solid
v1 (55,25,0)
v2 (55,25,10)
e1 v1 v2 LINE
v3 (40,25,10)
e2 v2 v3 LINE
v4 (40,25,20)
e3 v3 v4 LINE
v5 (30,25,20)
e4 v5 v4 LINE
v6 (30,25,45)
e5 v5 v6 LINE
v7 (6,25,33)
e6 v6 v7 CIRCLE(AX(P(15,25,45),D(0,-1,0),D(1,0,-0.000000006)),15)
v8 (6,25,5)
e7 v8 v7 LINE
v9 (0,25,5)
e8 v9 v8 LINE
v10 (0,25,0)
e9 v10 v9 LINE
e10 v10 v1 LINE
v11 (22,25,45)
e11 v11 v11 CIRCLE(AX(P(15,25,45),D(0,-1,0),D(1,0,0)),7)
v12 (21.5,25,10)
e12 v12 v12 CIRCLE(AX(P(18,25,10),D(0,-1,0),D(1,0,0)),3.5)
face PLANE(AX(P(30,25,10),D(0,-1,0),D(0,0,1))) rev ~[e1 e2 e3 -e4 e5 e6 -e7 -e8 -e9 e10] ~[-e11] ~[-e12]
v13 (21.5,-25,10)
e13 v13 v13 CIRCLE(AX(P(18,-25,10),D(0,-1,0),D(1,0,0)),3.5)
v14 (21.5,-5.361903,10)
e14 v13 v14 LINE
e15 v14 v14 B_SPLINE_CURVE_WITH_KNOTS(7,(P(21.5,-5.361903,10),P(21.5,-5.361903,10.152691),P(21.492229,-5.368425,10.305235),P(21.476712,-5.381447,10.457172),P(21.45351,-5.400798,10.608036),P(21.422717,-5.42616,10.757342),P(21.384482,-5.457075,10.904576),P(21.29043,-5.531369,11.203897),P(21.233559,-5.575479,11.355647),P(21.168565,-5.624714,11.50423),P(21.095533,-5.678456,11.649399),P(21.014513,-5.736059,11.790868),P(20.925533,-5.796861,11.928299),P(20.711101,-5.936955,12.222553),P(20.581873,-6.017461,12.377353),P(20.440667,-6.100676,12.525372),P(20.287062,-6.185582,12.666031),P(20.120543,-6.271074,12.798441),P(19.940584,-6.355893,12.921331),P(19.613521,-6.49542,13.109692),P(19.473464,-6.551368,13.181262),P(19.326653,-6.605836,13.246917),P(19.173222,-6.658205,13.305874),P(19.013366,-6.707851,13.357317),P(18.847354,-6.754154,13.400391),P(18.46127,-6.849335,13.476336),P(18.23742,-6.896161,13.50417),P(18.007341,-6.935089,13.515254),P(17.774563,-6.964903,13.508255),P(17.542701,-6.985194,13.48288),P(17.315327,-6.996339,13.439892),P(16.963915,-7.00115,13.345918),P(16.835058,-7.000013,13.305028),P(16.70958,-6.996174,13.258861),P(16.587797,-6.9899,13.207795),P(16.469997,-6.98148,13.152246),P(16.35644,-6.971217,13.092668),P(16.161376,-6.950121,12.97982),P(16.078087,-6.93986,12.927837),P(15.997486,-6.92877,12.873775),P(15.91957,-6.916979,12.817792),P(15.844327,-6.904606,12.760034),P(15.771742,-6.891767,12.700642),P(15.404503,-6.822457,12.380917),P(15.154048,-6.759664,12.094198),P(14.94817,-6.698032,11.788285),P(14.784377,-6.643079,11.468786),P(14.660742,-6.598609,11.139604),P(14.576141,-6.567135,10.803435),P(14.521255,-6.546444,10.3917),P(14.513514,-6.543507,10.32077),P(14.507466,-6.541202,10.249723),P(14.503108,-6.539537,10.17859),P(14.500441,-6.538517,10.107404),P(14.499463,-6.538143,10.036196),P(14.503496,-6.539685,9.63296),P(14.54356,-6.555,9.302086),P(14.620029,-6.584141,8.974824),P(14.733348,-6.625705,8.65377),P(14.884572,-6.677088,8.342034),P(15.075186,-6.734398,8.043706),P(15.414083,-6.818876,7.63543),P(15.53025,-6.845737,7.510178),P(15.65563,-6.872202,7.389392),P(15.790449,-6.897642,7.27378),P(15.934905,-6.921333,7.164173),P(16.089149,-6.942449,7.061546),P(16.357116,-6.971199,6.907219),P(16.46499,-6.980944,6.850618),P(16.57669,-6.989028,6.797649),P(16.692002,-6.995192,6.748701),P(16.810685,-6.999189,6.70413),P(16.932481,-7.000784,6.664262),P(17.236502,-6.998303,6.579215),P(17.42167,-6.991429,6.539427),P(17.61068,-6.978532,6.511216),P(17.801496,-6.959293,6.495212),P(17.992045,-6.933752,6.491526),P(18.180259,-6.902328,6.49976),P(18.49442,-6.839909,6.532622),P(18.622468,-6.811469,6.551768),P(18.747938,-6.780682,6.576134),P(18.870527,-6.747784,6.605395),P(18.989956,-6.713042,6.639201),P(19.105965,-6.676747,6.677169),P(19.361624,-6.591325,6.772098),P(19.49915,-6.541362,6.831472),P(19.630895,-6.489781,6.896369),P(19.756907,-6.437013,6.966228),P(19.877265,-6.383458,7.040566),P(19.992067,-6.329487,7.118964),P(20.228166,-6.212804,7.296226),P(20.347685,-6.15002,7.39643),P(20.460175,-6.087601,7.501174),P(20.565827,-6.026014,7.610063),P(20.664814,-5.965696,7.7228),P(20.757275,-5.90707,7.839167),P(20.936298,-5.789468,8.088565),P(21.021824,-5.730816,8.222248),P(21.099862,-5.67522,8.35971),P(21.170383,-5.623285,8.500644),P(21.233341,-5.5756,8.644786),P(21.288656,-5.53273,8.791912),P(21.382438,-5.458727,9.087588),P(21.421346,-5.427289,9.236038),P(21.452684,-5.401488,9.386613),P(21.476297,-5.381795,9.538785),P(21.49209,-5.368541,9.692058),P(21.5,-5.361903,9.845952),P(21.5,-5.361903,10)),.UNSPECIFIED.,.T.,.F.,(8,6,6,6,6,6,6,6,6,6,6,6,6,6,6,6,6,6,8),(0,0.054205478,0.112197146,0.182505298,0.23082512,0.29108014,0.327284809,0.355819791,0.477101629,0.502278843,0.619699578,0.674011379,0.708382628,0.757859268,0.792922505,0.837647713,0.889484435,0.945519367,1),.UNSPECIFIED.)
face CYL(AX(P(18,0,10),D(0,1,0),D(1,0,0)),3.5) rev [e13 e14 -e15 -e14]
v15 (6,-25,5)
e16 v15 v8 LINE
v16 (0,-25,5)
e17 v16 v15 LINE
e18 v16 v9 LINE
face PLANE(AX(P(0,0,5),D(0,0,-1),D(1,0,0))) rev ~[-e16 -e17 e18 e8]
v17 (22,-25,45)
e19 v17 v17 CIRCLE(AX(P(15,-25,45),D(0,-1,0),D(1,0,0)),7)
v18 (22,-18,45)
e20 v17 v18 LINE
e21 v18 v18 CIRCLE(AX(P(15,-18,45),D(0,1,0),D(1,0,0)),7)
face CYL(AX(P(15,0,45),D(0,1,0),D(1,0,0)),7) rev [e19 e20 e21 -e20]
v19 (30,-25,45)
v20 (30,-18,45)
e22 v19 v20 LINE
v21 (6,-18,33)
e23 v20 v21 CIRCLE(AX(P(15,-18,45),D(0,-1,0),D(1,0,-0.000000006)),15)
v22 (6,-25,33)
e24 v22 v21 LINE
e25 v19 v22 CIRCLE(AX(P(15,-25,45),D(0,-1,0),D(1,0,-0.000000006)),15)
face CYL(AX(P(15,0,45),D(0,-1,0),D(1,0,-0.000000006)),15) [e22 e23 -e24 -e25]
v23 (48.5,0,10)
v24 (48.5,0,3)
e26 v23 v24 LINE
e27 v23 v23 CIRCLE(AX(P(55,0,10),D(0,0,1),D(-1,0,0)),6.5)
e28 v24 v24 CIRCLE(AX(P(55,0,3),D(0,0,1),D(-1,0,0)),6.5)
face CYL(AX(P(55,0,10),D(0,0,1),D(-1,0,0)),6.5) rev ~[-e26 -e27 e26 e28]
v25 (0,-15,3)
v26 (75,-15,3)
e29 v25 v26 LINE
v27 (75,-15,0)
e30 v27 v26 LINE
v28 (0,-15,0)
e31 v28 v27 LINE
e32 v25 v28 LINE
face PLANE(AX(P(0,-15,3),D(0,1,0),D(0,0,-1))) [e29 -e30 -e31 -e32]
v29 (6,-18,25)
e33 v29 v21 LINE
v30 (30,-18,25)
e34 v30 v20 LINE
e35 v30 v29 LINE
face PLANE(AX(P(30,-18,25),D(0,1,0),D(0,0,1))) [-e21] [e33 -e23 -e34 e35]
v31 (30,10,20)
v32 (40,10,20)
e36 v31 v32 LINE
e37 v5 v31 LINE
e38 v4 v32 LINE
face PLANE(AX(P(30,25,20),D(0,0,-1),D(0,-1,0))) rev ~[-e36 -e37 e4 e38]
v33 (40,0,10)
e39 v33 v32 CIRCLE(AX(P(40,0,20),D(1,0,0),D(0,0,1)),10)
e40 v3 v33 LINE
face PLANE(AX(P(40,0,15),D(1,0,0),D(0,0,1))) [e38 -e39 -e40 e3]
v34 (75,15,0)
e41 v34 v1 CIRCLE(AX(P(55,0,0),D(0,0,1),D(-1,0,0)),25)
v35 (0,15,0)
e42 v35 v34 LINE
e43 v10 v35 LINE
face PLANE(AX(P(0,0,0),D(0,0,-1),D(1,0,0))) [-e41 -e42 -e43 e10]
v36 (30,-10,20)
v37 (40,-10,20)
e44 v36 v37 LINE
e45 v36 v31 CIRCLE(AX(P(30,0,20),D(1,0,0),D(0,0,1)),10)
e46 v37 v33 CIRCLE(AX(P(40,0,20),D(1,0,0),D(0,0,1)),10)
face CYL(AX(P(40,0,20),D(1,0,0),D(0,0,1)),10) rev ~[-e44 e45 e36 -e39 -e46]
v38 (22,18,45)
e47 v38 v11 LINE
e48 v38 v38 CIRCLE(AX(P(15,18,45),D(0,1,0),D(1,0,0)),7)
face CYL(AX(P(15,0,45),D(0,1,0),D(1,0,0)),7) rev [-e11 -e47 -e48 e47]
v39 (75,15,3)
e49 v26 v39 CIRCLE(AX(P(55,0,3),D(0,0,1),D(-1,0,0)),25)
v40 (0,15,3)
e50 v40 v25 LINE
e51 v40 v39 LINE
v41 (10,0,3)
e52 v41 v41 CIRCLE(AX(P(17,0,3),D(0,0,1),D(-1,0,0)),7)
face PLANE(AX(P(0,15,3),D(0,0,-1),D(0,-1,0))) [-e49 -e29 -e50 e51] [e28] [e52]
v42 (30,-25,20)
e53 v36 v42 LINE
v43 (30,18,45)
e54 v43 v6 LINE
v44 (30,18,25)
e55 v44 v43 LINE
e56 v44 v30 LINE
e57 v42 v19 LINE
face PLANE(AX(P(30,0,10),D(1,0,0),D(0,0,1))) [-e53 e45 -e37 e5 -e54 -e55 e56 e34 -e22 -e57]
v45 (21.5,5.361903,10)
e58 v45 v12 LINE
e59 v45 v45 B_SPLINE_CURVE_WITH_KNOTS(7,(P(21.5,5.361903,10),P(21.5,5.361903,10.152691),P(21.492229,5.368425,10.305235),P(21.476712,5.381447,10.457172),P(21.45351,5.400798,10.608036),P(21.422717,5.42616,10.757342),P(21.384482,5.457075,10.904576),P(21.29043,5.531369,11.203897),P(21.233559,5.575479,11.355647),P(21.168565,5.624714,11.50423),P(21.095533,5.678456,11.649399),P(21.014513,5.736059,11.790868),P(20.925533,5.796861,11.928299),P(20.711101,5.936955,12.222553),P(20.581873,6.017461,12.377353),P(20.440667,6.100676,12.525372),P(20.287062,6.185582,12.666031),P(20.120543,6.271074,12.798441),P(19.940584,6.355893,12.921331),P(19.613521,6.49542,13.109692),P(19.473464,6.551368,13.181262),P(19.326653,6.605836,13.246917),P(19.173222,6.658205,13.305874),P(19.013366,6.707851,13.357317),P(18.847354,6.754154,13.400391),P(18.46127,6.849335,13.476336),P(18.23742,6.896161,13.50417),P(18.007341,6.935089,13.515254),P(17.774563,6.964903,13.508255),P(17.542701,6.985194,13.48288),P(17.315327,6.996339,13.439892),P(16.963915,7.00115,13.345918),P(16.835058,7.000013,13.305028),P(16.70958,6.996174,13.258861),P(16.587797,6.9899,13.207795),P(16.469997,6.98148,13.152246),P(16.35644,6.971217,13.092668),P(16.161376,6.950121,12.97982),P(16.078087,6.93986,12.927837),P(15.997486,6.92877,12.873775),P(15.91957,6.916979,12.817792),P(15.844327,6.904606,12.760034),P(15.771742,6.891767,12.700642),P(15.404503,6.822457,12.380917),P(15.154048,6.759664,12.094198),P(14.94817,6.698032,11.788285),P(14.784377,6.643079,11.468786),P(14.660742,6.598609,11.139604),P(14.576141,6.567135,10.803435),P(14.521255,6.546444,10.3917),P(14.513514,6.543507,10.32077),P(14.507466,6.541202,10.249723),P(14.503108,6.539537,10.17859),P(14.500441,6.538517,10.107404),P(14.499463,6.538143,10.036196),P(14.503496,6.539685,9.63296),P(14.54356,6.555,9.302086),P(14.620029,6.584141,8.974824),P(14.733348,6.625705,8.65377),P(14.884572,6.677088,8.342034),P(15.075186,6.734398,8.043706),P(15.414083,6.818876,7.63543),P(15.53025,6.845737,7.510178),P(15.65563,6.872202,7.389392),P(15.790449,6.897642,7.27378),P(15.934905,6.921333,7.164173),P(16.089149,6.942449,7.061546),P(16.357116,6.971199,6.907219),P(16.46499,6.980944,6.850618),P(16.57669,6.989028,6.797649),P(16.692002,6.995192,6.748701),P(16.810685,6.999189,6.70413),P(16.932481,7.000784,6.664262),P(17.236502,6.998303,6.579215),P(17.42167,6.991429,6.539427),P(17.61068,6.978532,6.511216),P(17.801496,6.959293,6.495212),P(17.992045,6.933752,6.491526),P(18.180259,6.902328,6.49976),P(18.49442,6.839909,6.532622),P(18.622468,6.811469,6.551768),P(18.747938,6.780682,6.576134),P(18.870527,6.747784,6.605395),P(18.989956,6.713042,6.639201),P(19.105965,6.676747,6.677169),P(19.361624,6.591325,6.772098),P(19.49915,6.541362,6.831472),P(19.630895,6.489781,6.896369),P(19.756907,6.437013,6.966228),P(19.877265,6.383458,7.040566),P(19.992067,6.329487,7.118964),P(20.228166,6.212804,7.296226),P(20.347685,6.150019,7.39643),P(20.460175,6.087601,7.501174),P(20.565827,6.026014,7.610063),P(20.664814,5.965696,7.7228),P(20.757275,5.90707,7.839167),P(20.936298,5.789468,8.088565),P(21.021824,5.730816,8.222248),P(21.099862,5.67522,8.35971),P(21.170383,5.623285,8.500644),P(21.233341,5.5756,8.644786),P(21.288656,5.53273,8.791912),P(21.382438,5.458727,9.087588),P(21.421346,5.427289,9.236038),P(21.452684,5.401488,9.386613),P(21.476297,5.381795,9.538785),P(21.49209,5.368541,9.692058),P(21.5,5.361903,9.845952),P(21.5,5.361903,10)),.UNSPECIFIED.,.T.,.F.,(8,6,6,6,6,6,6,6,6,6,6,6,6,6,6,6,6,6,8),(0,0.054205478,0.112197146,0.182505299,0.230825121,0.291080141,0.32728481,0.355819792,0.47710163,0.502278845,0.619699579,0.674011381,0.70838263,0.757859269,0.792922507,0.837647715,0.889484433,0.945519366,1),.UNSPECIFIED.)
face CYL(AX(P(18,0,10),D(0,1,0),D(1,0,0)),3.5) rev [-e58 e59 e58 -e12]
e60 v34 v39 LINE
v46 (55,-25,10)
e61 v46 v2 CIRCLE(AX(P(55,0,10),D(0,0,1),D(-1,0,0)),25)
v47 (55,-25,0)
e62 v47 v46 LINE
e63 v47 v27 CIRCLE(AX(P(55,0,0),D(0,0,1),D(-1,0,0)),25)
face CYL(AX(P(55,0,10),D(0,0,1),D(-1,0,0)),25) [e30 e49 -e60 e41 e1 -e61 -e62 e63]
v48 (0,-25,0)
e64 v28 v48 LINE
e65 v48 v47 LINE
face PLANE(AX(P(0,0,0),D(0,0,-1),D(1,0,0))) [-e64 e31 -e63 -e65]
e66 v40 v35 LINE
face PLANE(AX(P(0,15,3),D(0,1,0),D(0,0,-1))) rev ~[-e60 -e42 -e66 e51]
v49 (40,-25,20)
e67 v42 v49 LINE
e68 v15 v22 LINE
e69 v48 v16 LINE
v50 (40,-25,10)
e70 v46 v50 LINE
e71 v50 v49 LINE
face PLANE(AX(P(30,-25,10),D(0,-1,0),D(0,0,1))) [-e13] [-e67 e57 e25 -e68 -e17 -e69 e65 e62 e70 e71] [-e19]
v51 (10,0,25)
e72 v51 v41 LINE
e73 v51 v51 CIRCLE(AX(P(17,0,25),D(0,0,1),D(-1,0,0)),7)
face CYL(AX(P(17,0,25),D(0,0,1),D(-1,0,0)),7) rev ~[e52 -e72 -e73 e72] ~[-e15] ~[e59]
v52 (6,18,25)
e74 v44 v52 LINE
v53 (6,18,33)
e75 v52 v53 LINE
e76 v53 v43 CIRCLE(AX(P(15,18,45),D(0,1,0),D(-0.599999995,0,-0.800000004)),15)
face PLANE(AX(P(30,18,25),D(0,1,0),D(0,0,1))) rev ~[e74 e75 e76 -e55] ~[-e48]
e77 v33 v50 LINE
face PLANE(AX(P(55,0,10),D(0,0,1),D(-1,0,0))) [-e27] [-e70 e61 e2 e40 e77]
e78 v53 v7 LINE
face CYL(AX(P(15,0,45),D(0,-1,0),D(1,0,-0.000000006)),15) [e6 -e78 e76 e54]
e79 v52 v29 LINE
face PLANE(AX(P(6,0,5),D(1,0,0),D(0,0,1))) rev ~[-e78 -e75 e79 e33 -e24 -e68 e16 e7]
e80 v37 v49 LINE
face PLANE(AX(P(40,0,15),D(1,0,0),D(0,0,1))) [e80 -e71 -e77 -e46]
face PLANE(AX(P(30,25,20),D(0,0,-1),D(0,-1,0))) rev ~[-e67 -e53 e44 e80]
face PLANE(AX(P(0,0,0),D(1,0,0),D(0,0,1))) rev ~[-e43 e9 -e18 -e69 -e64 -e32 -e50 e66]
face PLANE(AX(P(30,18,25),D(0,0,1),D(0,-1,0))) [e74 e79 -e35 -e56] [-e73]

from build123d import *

# Parameters (mm, degrees)
SKETCH_R        = 7
SKETCH_R_2      = 3.5
PAD_DEPTH       = 25
SKETCH001_R     = 25
PAD001_DEPTH    = 10
SKETCH002_W     = 35
SKETCH002_H     = 36
POCKET_DEPTH    = 30.001
SKETCH003_R     = 7
POCKET001_DEPTH = 25.001
SKETCH004_R     = 6.5
POCKET002_DEPTH = 10.001
SKETCH005_W     = 10
SKETCH005_H     = 50
PAD002_DEPTH    = 10
SKETCH006_R     = 10
POCKET003_DEPTH = 10
SKETCH007_W     = 3
SKETCH007_H     = 30
POCKET004_DEPTH = 80.001


with BuildPart() as part:
    # Sketch → Pad (new body, symmetric)
    with BuildSketch(Plane.XZ):
        with BuildLine():
            Line((0, 0), (0, 5))
            Line((0, 5), (6, 5))
            Line((6, 5), (6, 33))
            ThreePointArc((30, 45), (8.291796, 58.416408), (6, 33))
            Line((30, 10), (30, 45))
            Line((55, 10), (30, 10))
            Line((55, 0), (55, 10))
            Line((0, 0), (55, 0))
        make_face()
        with Locations((15, 45)):
            Circle(SKETCH_R, mode=Mode.SUBTRACT)
        with Locations((18, 10)):
            Circle(SKETCH_R_2, mode=Mode.SUBTRACT)
    extrude(amount=PAD_DEPTH, both=True)

    # Sketch001 (on Face6 of Pad) → Pad001 (join)
    with BuildSketch(Plane(origin=(0, 0, 10), x_dir=(-1, 0, 0), z_dir=(0, 0, 1))):
        with Locations((-55, 0)):
            Circle(SKETCH001_R)
    extrude(amount=-PAD001_DEPTH)

    # Sketch002 (on Face7 of Pad001) → Pocket (cut, through all)
    with BuildSketch(Plane(origin=(30, 0, 0), x_dir=(0, 0, 1), z_dir=(1, 0, 0))):
        with Locations((42.5, 0)):
            Rectangle(SKETCH002_W, SKETCH002_H)
    extrude(amount=-POCKET_DEPTH, mode=Mode.SUBTRACT)

    # Sketch003 (on Face16 of Pocket) → Pocket001 (cut, through all)
    with BuildSketch(Plane(origin=(0, 0, 25), x_dir=(-1, 0, 0), z_dir=(0, 0, 1))):
        with Locations((-17, 0)):
            Circle(SKETCH003_R)
    extrude(amount=-POCKET001_DEPTH, mode=Mode.SUBTRACT)

    # Sketch004 (on Face11 of Pocket001) → Pocket002 (cut, through all)
    with BuildSketch(Plane(origin=(0, 0, 10), x_dir=(-1, 0, 0), z_dir=(0, 0, 1))):
        with Locations((-55, 0)):
            Circle(SKETCH004_R)
    extrude(amount=-POCKET002_DEPTH, mode=Mode.SUBTRACT)

    # Sketch005 (on Face11 of Pocket002) → Pad002 (join)
    with BuildSketch(Plane(origin=(30, 0, 0), x_dir=(0, 0, 1), z_dir=(1, 0, 0))):
        with Locations((15, 0)):
            Rectangle(SKETCH005_W, SKETCH005_H)
    extrude(amount=PAD002_DEPTH)

    # Sketch006 (on Face20 of Pad002) → Pocket003 (cut)
    with BuildSketch(Plane(origin=(40, 0, 0), x_dir=(0, 0, 1), z_dir=(1, 0, 0))):
        with Locations((20, 0)):
            Circle(SKETCH006_R)
    extrude(amount=-POCKET003_DEPTH, mode=Mode.SUBTRACT)

    # Sketch007 (on Face1 of Pocket003) → Pocket004 (cut, through all)
    with BuildSketch(Plane(origin=(0, 0, 0), x_dir=(0, 0, -1), z_dir=(-1, 0, 0))):
        with Locations((-1.5, 0)):
            Rectangle(SKETCH007_W, SKETCH007_H)
    extrude(amount=-POCKET004_DEPTH, mode=Mode.SUBTRACT)


solid = part.part
